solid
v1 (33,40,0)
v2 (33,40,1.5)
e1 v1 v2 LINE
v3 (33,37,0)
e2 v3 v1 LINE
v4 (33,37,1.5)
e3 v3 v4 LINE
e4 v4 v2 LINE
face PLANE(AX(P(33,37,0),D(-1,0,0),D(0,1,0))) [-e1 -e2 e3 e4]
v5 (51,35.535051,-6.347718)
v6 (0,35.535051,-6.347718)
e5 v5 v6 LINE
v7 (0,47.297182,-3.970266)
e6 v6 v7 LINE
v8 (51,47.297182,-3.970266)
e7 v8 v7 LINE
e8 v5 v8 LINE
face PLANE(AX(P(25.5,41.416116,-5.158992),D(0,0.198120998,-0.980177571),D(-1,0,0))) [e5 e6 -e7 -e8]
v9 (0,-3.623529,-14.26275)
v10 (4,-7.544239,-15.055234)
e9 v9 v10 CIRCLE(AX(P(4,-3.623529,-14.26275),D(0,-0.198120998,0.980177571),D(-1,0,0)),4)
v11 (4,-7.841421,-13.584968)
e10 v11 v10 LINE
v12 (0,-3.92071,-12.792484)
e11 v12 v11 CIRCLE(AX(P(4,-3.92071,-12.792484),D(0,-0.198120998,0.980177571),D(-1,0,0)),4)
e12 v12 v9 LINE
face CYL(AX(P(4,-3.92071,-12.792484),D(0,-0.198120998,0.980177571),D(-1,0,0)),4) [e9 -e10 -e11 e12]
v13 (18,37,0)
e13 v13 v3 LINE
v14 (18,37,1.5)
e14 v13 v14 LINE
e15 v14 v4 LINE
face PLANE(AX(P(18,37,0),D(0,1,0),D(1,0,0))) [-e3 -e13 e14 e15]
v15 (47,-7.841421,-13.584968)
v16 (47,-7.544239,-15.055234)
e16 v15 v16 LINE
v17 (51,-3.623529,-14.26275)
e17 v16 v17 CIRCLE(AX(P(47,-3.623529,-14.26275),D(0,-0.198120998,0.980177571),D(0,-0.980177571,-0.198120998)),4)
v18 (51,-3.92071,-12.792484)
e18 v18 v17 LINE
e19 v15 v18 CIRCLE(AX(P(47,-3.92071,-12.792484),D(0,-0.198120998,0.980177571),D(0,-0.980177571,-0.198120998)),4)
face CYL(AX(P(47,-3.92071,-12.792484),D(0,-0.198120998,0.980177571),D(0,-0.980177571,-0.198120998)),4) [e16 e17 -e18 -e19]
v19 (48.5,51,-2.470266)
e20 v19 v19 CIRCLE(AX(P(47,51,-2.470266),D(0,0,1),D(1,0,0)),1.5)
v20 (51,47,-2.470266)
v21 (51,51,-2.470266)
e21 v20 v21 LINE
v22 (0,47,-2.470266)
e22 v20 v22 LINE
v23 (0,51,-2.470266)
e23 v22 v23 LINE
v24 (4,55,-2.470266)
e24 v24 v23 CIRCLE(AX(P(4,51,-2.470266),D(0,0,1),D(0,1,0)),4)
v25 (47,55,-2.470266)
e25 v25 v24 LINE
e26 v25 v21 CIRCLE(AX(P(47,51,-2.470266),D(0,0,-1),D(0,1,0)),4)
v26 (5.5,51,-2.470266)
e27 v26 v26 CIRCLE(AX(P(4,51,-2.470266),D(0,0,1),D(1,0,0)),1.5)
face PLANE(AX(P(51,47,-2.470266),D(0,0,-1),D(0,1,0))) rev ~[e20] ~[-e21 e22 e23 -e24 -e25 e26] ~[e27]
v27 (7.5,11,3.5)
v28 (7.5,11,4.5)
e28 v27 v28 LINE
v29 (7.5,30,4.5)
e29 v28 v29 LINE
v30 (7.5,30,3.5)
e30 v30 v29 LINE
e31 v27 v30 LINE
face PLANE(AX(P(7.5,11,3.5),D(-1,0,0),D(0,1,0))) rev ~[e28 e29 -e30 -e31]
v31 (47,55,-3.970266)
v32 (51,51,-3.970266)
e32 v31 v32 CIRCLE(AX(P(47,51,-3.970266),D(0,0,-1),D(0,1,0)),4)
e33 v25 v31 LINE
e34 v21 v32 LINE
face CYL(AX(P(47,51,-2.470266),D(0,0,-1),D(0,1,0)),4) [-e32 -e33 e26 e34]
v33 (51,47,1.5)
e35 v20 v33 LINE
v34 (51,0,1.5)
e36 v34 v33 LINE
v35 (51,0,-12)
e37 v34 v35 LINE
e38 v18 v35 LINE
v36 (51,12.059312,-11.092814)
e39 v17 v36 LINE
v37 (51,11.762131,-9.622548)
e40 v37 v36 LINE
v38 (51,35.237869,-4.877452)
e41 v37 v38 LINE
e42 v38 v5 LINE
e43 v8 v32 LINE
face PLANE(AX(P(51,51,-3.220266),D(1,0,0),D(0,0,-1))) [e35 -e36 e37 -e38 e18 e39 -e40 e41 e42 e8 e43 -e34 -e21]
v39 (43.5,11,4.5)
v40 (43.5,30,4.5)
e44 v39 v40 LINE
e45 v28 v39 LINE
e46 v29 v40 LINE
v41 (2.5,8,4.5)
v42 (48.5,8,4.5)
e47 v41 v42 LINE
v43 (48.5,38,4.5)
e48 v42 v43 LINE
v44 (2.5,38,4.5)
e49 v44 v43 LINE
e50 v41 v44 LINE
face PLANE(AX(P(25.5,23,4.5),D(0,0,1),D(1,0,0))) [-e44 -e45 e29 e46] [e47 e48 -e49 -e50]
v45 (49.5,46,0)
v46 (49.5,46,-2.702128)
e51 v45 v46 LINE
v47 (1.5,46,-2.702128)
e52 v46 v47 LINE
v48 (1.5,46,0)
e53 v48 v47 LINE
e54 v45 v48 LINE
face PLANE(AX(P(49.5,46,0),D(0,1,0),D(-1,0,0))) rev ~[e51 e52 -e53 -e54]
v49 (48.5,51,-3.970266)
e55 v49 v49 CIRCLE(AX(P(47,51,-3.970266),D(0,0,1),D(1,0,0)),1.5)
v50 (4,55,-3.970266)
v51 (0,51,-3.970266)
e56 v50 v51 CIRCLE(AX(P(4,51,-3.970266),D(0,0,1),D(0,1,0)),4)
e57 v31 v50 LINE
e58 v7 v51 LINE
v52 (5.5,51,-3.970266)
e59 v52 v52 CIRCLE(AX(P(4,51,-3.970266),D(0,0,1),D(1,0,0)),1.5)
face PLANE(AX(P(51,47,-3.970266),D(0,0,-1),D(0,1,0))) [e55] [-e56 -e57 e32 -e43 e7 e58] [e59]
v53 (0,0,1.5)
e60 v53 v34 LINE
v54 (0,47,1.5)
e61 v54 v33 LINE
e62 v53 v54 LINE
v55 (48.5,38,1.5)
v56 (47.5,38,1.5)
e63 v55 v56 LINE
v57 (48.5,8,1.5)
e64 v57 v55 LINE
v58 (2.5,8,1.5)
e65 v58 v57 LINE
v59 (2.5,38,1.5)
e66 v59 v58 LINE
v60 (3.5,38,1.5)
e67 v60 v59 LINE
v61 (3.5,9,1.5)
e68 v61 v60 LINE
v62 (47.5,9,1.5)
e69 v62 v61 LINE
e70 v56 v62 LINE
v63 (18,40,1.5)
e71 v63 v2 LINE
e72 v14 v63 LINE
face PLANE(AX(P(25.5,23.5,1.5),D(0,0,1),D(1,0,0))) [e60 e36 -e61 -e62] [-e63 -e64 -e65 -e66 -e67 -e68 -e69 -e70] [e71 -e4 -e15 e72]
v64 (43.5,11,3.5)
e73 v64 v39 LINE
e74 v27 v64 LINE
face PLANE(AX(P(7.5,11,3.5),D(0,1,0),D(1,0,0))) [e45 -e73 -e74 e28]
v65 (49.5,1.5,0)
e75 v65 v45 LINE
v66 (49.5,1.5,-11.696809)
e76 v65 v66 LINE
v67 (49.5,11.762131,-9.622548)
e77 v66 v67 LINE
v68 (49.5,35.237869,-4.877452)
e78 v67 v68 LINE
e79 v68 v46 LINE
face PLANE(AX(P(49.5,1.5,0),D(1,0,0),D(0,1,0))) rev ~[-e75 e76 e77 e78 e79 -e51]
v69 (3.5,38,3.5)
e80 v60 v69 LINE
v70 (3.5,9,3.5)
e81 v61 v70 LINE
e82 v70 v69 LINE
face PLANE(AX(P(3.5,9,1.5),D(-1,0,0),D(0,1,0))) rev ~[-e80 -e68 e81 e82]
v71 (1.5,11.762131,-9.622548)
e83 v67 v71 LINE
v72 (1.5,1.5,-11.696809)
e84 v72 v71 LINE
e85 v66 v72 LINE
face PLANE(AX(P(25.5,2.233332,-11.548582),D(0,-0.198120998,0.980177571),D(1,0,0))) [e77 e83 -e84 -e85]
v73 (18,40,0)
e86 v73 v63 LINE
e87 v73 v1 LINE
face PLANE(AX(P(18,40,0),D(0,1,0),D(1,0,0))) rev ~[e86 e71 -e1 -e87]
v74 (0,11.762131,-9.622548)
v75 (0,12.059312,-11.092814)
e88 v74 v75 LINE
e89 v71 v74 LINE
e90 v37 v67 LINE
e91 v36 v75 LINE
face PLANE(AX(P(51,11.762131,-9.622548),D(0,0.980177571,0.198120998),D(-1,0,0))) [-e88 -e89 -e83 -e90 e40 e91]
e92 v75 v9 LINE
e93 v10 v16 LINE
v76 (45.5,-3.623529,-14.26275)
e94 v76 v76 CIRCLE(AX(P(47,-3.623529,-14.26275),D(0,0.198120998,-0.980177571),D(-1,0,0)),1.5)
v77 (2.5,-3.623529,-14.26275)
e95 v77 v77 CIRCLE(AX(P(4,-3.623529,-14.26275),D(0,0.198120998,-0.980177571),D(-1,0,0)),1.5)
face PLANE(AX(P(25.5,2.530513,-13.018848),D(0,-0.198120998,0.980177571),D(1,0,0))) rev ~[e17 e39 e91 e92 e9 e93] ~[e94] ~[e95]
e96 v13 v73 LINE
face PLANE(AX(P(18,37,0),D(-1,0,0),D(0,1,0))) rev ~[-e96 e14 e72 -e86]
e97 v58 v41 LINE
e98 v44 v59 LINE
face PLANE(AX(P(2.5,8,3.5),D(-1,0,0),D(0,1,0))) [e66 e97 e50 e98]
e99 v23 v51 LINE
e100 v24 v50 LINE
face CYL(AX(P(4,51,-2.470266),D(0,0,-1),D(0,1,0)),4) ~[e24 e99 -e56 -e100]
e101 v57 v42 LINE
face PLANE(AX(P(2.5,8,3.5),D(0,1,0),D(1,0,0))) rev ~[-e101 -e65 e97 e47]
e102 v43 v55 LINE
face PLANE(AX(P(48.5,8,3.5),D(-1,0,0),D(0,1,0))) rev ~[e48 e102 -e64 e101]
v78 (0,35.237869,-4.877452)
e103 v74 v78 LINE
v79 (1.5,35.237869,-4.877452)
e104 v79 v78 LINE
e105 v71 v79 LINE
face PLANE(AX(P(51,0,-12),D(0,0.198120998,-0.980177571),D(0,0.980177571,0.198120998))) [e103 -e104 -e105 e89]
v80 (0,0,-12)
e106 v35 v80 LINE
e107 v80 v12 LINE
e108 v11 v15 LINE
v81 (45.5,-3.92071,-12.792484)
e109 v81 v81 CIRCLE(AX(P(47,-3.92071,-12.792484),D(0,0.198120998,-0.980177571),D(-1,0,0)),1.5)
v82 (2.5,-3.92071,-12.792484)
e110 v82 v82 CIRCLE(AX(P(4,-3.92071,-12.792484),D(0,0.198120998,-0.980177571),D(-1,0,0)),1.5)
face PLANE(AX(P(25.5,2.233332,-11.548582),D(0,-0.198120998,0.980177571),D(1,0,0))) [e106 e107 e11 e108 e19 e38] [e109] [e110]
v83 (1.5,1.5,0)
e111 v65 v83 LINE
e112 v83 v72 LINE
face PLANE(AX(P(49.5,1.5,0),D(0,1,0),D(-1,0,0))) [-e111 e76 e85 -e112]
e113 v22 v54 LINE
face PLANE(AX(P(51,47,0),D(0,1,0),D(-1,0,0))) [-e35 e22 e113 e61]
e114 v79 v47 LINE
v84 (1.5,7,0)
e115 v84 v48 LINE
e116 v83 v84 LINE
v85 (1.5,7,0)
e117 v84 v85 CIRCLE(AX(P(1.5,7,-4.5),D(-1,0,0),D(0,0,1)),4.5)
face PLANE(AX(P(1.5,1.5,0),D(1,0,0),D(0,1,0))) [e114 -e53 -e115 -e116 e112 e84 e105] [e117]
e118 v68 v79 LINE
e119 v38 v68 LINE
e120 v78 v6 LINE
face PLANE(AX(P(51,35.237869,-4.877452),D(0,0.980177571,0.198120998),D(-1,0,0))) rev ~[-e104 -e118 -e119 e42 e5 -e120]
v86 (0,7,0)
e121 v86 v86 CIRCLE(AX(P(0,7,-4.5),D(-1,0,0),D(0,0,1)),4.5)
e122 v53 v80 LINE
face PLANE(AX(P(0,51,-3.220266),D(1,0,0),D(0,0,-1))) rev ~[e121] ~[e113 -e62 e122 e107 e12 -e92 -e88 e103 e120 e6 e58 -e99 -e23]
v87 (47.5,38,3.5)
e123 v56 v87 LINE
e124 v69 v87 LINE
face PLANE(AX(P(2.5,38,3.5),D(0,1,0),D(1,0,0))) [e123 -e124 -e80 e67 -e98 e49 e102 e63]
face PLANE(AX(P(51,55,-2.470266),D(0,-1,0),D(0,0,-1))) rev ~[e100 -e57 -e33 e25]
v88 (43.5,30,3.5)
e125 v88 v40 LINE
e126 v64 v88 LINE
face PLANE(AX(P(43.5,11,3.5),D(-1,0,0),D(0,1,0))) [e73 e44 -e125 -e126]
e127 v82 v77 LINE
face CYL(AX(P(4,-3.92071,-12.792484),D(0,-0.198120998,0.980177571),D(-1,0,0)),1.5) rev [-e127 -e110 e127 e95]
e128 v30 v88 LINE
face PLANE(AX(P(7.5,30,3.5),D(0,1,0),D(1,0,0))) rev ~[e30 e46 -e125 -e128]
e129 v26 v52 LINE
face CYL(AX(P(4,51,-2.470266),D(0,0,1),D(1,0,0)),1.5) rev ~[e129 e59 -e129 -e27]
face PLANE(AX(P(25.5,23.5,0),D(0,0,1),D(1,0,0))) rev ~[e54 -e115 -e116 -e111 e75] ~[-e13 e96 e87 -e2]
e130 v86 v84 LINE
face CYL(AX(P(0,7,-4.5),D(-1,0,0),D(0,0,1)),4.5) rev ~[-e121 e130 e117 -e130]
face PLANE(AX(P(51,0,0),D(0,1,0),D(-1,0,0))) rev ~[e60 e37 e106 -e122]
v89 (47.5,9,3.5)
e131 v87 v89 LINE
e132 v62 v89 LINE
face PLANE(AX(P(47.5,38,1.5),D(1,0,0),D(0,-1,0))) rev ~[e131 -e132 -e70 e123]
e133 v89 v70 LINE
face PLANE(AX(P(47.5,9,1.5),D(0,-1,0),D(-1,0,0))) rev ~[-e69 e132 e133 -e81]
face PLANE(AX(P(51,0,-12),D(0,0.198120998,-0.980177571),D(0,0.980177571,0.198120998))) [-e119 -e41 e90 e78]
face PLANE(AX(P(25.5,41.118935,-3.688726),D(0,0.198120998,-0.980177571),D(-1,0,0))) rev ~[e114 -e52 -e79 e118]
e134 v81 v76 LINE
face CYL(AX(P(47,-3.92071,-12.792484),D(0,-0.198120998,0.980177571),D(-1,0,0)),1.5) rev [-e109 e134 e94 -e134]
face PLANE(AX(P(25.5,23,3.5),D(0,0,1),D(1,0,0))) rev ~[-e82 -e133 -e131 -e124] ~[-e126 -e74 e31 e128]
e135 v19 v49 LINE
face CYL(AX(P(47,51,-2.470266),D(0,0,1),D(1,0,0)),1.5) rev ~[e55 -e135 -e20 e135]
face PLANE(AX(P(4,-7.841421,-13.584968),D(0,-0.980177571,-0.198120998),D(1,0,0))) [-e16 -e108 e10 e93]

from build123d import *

# Parameters (mm, degrees)
SKETCH_1_W          = 51
SKETCH_1_H          = 47
SKETCH_1_W_2        = 15
SKETCH_1_H_2        = 3
EXTRUDE_1_DEPTH     = 1.5
EXTRUDE_2_DEPTH     = 2
SKETCH_3_W          = 46
SKETCH_3_H          = 30
SKETCH_3_W_2        = 36
SKETCH_3_H_2        = 19
EXTRUDE_3_DEPTH     = 1
SKETCH_4_W          = 51
SKETCH_4_H          = 47
SKETCH_4_W_2        = 48
SKETCH_4_H_2        = 44.5
EXTRUDE_4_DEPTH     = 12
CUT_EXTRUDE_1_DEPTH = 52
SKETCH_6_W          = 51
SKETCH_6_H          = 12
SKETCH_6_R          = 1.5
EXTRUDE_5_DEPTH     = 1.5
SKETCH_7_W          = 1.5
SKETCH_7_H          = 8
EXTRUDE_6_DEPTH     = 51
FILLET_1_R          = 4
CUT_EXTRUDE_2_REACH = 14.585
SKETCH_8_R          = 1.5
CUT_EXTRUDE_3_REACH = 53
SKETCH_9_R          = 4.5


with BuildPart() as part:
    # 草图1 → 凸台-拉伸1 (new body)
    with BuildSketch(Plane.XY):
        with Locations((25.5, 23.5)):
            Rectangle(SKETCH_1_W, SKETCH_1_H)
        with Locations((25.5, 38.5)):
            Rectangle(SKETCH_1_W_2, SKETCH_1_H_2, mode=Mode.SUBTRACT)
    extrude(amount=EXTRUDE_1_DEPTH)

    # 草图2 → 凸台-拉伸2 (add)
    with BuildSketch(Plane.XY.offset(1.5)):
        Polygon((2.5, 8), (48.5, 8), (48.5, 38), (47.5, 38), (47.5, 9), (3.5, 9), (3.5, 38), (2.5, 38), align=None)
    extrude(amount=EXTRUDE_2_DEPTH)

    # 草图3 → 凸台-拉伸3 (add)
    with BuildSketch(Plane.XY.offset(3.5)):
        with Locations((25.5, 23)):
            Rectangle(SKETCH_3_W, SKETCH_3_H)
        with Locations((25.5, 20.5)):
            Rectangle(SKETCH_3_W_2, SKETCH_3_H_2, mode=Mode.SUBTRACT)
    extrude(amount=EXTRUDE_3_DEPTH)

    # 草图4 → 凸台-拉伸4 (add)
    with BuildSketch(Plane(origin=(0, 0, 0), x_dir=(-1, 0, 0), z_dir=(0, 0, -1))):
        with Locations((-25.5, 23.5)):
            Rectangle(SKETCH_4_W, SKETCH_4_H)
        with Locations((-25.5, 23.75)):
            Rectangle(SKETCH_4_W_2, SKETCH_4_H_2, mode=Mode.SUBTRACT)
    extrude(amount=EXTRUDE_4_DEPTH)

    # 草图5 → 切除-拉伸1 (cut, through all)
    with BuildSketch(Plane(origin=(51, 0, 0), x_dir=(0, 0, -1), z_dir=(1, 0, 0))):
        Polygon((2.5, 47), (12, 47), (12, 0), align=None)
    extrude(amount=-CUT_EXTRUDE_1_DEPTH, mode=Mode.SUBTRACT)

    # 草图6 → 凸台-拉伸5 (add)
    with BuildSketch(Plane(origin=(0, 2.330325106, -11.52897684), x_dir=(-1, 0, 0), z_dir=(0, 0.198120998, -0.980177571))):
        with Locations((-25.5, 39.573043325)):
            Rectangle(SKETCH_6_W, SKETCH_6_H)
        with BuildLine():
            Line((-51, 9.62254802), (0, 9.62254802))
            Line((0, 9.62254802), (0, -6.37745198))
            ThreePointArc((0, -6.37745198), (-1.171572875, -9.205879105), (-4, -10.37745198))
            Line((-4, -10.37745198), (-47, -10.37745198))
            ThreePointArc((-47, -10.37745198), (-49.828427125, -9.205879105), (-51, -6.37745198))
            Line((-51, -6.37745198), (-51, 9.62254802))
        make_face()
        with Locations((-47, -6.37745198)):
            Circle(SKETCH_6_R, mode=Mode.SUBTRACT)
        with Locations((-4, -6.37745198)):
            Circle(SKETCH_6_R, mode=Mode.SUBTRACT)
    extrude(amount=EXTRUDE_5_DEPTH)

    # 草图7 → 凸台-拉伸6 (add)
    with BuildSketch(Plane(origin=(51, 0, 0), x_dir=(0, 0, -1), z_dir=(1, 0, 0))):
        with Locations((3.220266356, 51)):
            Rectangle(SKETCH_7_W, SKETCH_7_H)
    extrude(amount=-EXTRUDE_6_DEPTH)

    # 圆角1
    fillet_1_edges = [part.edges().sort_by_distance(p)[0] for p in [
        (51, 55, -3.220266356),
        (0, 55, -3.220266356),
    ]]
    fillet(fillet_1_edges, radius=FILLET_1_R)

    # 草图8 → 切除-拉伸2 (cut, up to next)
    with BuildSketch(Plane.XY.offset(-2.470266356), mode=Mode.PRIVATE) as cut_extrude_2_sk1:
        with Locations((4, 51)):
            Circle(SKETCH_8_R)
    cut_extrude_2_tool1 = extrude(cut_extrude_2_sk1.sketch, amount=-CUT_EXTRUDE_2_REACH, mode=Mode.PRIVATE) & part.part
    add(cut_extrude_2_tool1.solids().sort_by_distance((4, 51, -2.470266))[0], mode=Mode.SUBTRACT)
    # 草图8 → 切除-拉伸2 (cut, up to next)
    with BuildSketch(Plane.XY.offset(-2.470266356), mode=Mode.PRIVATE) as cut_extrude_2_sk2:
        with Locations((47, 51)):
            Circle(SKETCH_8_R)
    cut_extrude_2_tool2 = extrude(cut_extrude_2_sk2.sketch, amount=-CUT_EXTRUDE_2_REACH, mode=Mode.PRIVATE) & part.part
    add(cut_extrude_2_tool2.solids().sort_by_distance((47, 51, -2.470266))[0], mode=Mode.SUBTRACT)

    # 草图9 → 切除-拉伸3 (cut, up to next)
    with BuildSketch(Plane.ZY, mode=Mode.PRIVATE) as cut_extrude_3_sk1:
        with Locations((-4.5, 7)):
            Circle(SKETCH_9_R)
    cut_extrude_3_tool1 = extrude(cut_extrude_3_sk1.sketch, amount=-CUT_EXTRUDE_3_REACH, mode=Mode.PRIVATE) & part.part
    add(cut_extrude_3_tool1.solids().sort_by_distance((0, 7, -4.5))[0], mode=Mode.SUBTRACT)


solid = part.part
